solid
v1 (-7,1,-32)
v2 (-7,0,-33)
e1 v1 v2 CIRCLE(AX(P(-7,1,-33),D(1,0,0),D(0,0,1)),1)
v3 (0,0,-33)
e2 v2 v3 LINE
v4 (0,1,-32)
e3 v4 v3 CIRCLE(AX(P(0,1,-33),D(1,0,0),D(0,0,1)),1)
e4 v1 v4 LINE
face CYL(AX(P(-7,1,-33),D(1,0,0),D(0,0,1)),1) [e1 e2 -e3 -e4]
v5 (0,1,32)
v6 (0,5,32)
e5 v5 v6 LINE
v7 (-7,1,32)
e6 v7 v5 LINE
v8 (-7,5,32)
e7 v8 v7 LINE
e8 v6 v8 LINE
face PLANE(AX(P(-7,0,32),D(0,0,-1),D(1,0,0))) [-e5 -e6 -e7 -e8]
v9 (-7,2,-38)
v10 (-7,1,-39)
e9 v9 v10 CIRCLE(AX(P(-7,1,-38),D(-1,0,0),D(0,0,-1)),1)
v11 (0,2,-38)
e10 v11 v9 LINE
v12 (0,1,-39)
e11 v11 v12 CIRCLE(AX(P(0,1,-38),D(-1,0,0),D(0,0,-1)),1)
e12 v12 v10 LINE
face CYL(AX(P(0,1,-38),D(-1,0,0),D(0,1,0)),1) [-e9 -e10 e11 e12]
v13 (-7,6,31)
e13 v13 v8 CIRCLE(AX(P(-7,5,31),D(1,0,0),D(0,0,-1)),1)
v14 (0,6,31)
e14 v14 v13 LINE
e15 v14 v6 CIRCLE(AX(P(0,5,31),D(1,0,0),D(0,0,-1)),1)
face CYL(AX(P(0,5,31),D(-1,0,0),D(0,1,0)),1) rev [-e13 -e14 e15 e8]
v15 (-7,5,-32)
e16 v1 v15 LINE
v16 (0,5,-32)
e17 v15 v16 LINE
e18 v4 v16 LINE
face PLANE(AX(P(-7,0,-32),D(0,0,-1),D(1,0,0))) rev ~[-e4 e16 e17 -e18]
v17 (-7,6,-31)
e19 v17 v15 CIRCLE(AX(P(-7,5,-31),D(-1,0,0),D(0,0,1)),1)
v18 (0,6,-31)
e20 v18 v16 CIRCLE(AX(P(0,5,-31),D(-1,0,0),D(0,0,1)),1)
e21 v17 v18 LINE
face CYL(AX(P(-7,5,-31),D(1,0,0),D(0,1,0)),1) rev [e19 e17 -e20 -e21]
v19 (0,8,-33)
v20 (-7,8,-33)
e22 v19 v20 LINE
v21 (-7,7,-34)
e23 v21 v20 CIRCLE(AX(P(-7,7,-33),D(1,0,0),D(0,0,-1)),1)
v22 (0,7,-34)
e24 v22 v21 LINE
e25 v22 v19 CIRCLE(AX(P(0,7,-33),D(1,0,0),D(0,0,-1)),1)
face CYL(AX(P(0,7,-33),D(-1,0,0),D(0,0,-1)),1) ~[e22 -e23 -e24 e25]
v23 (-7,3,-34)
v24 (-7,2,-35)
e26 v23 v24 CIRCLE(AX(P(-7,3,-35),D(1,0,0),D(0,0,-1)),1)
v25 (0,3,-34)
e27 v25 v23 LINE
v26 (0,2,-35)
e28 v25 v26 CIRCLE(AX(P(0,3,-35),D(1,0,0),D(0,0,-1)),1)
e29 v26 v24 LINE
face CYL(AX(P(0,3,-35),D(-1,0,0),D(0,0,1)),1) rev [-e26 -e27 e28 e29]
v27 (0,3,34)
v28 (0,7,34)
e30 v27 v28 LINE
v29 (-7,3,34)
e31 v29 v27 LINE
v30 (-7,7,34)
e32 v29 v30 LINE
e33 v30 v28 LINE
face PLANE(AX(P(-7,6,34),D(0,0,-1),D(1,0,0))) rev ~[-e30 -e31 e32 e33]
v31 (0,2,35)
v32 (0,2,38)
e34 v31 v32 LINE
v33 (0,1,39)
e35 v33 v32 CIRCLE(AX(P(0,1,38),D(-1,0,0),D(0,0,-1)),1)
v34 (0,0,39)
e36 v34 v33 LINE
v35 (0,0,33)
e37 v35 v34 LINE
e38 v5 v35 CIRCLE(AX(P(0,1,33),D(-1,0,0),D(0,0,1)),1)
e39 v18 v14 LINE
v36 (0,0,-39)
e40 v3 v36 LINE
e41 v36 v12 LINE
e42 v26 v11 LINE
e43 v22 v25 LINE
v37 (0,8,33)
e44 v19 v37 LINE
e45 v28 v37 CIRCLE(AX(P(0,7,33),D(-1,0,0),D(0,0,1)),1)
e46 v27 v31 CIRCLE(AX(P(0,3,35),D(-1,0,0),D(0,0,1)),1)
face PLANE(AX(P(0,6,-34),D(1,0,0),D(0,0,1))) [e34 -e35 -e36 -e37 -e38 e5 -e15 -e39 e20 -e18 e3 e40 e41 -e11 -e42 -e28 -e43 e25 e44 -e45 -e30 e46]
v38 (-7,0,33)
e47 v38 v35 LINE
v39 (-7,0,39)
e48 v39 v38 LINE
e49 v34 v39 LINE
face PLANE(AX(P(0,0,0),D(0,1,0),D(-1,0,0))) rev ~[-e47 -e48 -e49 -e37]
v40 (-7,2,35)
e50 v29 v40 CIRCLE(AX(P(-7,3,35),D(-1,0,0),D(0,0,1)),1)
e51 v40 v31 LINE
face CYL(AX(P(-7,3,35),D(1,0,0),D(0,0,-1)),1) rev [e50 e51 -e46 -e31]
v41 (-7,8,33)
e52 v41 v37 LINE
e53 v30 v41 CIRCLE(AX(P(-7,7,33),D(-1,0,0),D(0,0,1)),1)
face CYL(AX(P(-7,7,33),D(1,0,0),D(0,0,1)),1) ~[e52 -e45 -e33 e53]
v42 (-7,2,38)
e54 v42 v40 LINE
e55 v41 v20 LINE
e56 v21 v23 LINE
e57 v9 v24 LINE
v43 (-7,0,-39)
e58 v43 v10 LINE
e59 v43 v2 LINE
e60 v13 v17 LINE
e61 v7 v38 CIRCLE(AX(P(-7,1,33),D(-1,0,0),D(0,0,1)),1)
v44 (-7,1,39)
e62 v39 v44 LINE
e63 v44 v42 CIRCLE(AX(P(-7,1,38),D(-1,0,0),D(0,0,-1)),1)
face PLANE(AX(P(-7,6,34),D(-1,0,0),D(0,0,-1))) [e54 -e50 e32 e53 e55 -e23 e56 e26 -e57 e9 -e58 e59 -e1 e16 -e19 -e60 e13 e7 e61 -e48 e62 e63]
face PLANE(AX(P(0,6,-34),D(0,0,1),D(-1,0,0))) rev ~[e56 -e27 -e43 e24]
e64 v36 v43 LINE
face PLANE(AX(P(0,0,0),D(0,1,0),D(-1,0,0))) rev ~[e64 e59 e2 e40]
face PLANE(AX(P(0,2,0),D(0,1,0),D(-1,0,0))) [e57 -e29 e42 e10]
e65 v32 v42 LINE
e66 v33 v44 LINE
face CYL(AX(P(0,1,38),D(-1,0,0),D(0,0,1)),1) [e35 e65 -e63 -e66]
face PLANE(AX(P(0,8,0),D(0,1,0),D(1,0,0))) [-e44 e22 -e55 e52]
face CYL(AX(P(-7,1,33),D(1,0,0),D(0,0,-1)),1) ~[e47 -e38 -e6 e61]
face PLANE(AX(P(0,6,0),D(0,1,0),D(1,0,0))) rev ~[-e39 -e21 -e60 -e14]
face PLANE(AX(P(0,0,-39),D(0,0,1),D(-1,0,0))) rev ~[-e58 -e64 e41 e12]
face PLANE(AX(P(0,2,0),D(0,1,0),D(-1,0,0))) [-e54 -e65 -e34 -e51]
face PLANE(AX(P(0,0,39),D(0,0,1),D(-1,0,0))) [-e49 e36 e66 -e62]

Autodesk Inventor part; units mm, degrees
ref_plane "YZ Plane" through (0, 0, 0) normal (1, 0, 0) x (0, 1, 0)
ref_plane "XZ Plane" through (0, 0, 0) normal (0, 1, 0) x (-1, 0, 0)
ref_plane "XY Plane" through (0, 0, 0) normal (0, 0, 1) x (1, 0, 0)
sketch "Sketch1" plane through (0, 0, 0) normal (0, 1, 0) x (-1, 0, 0)
  line L0 (0, 39) -> (7, 39)
  line L1 (7, 39) -> (7, 32)
  line L2 (7, 32) -> (0, 32)
  line L3 (0, 32) -> (0, 39)
  line L4 (7, -32) -> (0, -32)
  line L5 (0, -32) -> (0, -39)
  line L6 (0, -39) -> (7, -39)
  line L7 (7, -39) -> (7, -32)
  line L8 (7, 32) -> (7, -32) construction
  point P0 (0, 0)
  point P1 (7, 0)
  dimension "d0" = 78
  dimension "d1" = 7
extrude "Extrusion1" add sketch "Sketch1" along normal blind 2
sketch "Sketch2" plane through (0, 2, 0) normal (0, 1, 0) x (1, 0, 0)
  line L0 (-7, -32) -> (-7, -39) projected
  line L1 (0, 32) -> (0, 39) projected
  line L2 (-7, -34) -> (0, -34)
  line L3 (0, -34) -> (0, 34)
  line L4 (0, 34) -> (-7, 34)
  line L5 (-7, 34) -> (-7, -34)
  line L6 (0, -32) -> (-7, -32) projected
  line L7 (-7, 32) -> (0, 32) projected
  point P0 (0, 0)
  dimension "d4" = 2
  dimension "d5" = 2
extrude "Extrusion2" add sketch "Sketch2" along normal blind 4 contours L6 L3 L2 L0 | L5 L4 L1 L7
sketch "Sketch3" plane through (0, 6, 0) normal (0, 1, 0) x (1, 0, 0)
  line L0 (-7, -34) -> (0, -34) projected
  line L1 (0, 34) -> (-7, 34) projected
  line L2 (0, -34) -> (-7, -34)
  line L3 (-7, -34) -> (-7, 34)
  line L4 (-7, 34) -> (0, 34)
  line L5 (0, 34) -> (0, -34)
  point P0 (0, 0)
extrude "Extrusion3" add sketch "Sketch3" along normal blind 2
fillet "Fillet3" radius 1 9 edges at (-3.5, 2, 34) (-3.5, 2, 39) (-3.5, 2, -34) (-3.5, 0, 32) (-3.5, 0, -32) (-3.5, 6, -32) (-3.5, 6, 32) (-3.5, 8, -34) (-3.5, 8, 34)
fillet "Fillet4" radius 1 1 edges at (-3.5, 2, -39)
properties part number "neotrellis_support"
